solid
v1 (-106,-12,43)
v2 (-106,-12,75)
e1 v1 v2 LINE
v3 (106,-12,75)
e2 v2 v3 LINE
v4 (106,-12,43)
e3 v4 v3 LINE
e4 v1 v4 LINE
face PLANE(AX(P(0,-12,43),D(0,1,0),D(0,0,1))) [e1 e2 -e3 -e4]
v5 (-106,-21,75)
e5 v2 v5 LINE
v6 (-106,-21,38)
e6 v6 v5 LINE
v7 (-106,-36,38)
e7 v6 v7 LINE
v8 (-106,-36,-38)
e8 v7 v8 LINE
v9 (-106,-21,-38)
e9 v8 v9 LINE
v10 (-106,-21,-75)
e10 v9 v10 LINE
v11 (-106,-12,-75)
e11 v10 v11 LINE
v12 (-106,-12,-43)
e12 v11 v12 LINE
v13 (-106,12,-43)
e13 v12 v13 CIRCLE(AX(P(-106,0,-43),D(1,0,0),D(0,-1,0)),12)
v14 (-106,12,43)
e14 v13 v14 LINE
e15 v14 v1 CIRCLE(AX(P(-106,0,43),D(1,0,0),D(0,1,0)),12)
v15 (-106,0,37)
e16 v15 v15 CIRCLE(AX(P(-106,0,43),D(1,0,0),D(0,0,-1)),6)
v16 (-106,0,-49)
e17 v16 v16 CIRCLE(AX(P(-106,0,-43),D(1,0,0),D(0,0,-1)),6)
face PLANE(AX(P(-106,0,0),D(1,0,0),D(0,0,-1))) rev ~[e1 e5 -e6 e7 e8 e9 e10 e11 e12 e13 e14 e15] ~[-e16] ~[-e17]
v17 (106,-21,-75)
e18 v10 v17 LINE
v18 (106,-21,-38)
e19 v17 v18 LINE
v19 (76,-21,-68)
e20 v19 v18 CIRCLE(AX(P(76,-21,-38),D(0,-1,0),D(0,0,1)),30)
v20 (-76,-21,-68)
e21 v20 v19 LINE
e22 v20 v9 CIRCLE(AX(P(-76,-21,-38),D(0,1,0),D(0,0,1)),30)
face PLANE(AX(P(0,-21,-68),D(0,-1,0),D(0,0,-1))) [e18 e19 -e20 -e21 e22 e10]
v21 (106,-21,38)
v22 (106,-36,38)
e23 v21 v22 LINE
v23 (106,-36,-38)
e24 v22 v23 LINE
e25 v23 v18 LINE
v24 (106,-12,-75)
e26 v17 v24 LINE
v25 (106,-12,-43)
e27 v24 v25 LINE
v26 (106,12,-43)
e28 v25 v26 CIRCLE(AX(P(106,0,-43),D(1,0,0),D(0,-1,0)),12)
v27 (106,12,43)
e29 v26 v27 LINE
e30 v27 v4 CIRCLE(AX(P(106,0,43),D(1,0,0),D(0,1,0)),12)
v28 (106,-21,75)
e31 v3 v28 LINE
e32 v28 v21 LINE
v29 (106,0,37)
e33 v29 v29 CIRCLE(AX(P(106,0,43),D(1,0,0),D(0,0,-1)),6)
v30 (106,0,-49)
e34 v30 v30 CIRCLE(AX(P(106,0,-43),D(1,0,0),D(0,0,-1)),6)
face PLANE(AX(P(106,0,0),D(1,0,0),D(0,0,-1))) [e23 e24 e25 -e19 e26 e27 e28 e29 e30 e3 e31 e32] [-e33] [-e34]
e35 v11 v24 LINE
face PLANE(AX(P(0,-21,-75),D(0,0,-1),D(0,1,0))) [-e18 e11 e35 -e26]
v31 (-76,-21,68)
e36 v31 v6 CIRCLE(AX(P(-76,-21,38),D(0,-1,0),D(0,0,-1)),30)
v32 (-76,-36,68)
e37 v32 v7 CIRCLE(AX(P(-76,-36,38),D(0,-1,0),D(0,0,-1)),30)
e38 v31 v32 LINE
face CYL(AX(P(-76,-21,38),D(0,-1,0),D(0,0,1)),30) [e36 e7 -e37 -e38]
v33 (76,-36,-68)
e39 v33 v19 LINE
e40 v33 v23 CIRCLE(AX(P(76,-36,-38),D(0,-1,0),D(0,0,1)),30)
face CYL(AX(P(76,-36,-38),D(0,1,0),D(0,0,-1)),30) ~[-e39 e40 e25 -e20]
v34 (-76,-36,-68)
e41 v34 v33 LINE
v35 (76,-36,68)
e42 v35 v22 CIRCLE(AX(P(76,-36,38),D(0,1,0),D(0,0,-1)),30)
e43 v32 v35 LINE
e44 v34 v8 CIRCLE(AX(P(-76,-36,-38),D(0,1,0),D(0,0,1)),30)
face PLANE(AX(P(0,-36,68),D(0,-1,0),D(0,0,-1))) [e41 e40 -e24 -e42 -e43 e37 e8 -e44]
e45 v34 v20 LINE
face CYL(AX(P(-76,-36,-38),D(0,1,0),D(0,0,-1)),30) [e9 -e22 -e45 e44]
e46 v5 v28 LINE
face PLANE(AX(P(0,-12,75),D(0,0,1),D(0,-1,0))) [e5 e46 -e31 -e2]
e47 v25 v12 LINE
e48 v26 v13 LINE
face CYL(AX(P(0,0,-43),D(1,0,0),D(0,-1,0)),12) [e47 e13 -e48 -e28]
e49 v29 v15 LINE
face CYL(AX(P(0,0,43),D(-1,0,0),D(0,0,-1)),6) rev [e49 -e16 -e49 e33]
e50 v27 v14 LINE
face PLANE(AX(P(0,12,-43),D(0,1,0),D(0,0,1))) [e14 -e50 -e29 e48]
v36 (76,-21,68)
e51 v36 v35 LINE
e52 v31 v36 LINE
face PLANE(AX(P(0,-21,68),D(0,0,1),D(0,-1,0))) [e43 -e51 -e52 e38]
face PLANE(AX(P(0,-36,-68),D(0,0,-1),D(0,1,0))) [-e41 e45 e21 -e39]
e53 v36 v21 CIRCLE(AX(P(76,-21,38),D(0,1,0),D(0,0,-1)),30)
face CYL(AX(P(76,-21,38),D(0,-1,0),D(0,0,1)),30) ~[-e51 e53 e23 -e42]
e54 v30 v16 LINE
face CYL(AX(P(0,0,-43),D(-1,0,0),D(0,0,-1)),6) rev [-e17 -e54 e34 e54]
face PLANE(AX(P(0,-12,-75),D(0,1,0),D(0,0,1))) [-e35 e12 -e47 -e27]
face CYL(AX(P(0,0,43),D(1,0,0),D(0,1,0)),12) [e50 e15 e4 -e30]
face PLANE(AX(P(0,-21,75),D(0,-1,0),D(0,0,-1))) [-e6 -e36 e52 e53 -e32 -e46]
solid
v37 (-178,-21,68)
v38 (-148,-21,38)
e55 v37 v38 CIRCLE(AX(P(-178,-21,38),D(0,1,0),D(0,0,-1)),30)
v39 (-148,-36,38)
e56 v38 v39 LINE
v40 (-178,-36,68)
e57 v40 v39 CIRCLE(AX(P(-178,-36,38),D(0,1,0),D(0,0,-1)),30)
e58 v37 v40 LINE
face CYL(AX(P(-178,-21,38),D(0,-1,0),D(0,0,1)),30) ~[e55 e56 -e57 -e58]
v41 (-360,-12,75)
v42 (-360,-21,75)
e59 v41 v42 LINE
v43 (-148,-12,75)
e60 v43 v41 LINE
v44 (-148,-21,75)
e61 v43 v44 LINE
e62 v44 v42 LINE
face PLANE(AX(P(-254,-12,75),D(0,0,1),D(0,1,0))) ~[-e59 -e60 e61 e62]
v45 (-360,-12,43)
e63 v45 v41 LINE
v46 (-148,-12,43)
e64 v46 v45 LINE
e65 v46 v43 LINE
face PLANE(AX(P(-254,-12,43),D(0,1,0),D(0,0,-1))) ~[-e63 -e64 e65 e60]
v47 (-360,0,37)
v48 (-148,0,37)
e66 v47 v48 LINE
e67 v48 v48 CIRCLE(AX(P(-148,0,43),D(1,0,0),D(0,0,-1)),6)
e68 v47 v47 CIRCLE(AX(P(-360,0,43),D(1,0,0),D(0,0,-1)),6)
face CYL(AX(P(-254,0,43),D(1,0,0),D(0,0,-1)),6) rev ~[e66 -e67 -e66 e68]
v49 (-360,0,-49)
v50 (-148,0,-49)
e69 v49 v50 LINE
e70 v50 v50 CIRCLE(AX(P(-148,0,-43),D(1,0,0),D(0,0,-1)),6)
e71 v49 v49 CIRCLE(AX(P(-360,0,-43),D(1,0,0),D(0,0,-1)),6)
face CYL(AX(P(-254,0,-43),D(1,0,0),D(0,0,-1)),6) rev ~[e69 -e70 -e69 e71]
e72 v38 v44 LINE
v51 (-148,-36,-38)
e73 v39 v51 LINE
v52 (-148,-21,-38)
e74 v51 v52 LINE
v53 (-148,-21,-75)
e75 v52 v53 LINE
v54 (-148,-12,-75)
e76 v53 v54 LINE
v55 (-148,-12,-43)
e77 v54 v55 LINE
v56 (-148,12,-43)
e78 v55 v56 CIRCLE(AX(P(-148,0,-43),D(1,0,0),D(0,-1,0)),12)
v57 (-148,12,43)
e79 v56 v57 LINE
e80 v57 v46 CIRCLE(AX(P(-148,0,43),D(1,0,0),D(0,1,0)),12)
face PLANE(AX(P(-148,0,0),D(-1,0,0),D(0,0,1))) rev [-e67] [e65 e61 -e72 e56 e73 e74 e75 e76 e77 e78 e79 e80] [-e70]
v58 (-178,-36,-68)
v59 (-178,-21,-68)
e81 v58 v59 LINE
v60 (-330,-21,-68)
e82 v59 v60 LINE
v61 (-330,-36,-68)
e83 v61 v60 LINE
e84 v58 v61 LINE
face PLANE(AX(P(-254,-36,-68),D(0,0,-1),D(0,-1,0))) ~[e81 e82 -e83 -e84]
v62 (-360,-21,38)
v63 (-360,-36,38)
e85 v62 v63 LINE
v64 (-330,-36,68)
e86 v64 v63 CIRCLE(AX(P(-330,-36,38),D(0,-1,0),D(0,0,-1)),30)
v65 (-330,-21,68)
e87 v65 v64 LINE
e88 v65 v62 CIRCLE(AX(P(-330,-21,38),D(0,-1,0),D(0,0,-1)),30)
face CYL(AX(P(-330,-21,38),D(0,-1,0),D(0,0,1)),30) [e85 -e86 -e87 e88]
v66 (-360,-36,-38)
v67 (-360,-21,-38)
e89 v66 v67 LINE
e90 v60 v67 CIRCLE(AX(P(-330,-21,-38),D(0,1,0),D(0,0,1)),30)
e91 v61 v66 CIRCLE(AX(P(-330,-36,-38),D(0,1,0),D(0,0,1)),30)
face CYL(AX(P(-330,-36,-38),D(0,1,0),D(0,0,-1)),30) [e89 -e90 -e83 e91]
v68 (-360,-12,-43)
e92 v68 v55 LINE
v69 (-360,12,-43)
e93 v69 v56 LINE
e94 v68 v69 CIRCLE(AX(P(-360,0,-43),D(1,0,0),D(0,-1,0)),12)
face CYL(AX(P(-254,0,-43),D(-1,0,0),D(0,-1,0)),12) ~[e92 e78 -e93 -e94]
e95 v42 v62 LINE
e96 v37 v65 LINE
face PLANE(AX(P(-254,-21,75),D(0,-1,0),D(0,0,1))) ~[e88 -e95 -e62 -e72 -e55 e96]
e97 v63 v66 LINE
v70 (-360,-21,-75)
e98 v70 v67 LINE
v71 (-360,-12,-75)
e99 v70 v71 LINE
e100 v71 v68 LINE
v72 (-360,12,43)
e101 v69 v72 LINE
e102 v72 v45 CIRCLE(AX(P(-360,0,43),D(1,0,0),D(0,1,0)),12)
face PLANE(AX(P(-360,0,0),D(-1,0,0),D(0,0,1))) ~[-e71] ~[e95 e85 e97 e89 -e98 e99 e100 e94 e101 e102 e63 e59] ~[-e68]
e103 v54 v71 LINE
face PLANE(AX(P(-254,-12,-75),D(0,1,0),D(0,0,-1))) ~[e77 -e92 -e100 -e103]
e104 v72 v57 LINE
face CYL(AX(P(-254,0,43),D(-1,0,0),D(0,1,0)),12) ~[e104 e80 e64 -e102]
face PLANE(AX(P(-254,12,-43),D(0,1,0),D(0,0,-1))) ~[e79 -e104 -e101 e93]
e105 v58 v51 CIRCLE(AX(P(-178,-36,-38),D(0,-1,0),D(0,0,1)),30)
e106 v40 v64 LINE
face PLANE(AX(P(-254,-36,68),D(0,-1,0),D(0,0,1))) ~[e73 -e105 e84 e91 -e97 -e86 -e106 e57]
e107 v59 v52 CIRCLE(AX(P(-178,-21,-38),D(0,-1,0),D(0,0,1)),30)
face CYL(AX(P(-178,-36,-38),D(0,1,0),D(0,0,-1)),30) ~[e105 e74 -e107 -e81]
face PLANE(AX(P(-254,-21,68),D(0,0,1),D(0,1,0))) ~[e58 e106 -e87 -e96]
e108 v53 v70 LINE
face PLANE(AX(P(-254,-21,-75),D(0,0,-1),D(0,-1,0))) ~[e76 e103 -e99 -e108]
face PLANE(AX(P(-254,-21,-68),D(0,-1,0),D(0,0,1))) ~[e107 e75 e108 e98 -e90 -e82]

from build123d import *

# Parameters (mm, degrees)
IZIM1_R                     = 6
Y_KSEKLIK_EKSTR_ZYON1_DEPTH = 106
RADYUS1_R                   = 30


with BuildPart() as part:
    # Çizim1 → Yükseklik-Ekstrüzyon1 (new body, symmetric)
    with BuildSketch(Plane(origin=(0, 0, 0), x_dir=(0, 0, -1), z_dir=(1, 0, 0))):
        with BuildLine():
            Line((-43, -12), (43, -12))
            ThreePointArc((43, -12), (55, 0), (43, 12))
            Line((43, 12), (-43, 12))
            ThreePointArc((-43, 12), (-55, 0), (-43, -12))
        make_face()
        with Locations((43, 0)):
            Circle(IZIM1_R, mode=Mode.SUBTRACT)
        with Locations((-43, 0)):
            Circle(IZIM1_R, mode=Mode.SUBTRACT)
        Polygon((-75, -21), (-68, -21), (-68, -36), (68, -36), (68, -21), (75, -21), (75, -12), (43, -12), (-43, -12), (-75, -12), align=None)
    extrude(amount=Y_KSEKLIK_EKSTR_ZYON1_DEPTH, both=True)

    # Radyus1
    radyus1_edges = [part.edges().sort_by_distance(p)[0] for p in [
        (-106, -28.5, -68),
        (-106, -28.5, 68),
        (106, -28.5, 68),
        (106, -28.5, -68),
    ]]
    fillet(radyus1_edges, radius=RADYUS1_R)


with BuildPart() as body_2:
    # Aynalama16: mirrored copy
    add(part.part.mirror(Plane.ZY.offset(127)))


solid = Compound([part.part, body_2.part])
